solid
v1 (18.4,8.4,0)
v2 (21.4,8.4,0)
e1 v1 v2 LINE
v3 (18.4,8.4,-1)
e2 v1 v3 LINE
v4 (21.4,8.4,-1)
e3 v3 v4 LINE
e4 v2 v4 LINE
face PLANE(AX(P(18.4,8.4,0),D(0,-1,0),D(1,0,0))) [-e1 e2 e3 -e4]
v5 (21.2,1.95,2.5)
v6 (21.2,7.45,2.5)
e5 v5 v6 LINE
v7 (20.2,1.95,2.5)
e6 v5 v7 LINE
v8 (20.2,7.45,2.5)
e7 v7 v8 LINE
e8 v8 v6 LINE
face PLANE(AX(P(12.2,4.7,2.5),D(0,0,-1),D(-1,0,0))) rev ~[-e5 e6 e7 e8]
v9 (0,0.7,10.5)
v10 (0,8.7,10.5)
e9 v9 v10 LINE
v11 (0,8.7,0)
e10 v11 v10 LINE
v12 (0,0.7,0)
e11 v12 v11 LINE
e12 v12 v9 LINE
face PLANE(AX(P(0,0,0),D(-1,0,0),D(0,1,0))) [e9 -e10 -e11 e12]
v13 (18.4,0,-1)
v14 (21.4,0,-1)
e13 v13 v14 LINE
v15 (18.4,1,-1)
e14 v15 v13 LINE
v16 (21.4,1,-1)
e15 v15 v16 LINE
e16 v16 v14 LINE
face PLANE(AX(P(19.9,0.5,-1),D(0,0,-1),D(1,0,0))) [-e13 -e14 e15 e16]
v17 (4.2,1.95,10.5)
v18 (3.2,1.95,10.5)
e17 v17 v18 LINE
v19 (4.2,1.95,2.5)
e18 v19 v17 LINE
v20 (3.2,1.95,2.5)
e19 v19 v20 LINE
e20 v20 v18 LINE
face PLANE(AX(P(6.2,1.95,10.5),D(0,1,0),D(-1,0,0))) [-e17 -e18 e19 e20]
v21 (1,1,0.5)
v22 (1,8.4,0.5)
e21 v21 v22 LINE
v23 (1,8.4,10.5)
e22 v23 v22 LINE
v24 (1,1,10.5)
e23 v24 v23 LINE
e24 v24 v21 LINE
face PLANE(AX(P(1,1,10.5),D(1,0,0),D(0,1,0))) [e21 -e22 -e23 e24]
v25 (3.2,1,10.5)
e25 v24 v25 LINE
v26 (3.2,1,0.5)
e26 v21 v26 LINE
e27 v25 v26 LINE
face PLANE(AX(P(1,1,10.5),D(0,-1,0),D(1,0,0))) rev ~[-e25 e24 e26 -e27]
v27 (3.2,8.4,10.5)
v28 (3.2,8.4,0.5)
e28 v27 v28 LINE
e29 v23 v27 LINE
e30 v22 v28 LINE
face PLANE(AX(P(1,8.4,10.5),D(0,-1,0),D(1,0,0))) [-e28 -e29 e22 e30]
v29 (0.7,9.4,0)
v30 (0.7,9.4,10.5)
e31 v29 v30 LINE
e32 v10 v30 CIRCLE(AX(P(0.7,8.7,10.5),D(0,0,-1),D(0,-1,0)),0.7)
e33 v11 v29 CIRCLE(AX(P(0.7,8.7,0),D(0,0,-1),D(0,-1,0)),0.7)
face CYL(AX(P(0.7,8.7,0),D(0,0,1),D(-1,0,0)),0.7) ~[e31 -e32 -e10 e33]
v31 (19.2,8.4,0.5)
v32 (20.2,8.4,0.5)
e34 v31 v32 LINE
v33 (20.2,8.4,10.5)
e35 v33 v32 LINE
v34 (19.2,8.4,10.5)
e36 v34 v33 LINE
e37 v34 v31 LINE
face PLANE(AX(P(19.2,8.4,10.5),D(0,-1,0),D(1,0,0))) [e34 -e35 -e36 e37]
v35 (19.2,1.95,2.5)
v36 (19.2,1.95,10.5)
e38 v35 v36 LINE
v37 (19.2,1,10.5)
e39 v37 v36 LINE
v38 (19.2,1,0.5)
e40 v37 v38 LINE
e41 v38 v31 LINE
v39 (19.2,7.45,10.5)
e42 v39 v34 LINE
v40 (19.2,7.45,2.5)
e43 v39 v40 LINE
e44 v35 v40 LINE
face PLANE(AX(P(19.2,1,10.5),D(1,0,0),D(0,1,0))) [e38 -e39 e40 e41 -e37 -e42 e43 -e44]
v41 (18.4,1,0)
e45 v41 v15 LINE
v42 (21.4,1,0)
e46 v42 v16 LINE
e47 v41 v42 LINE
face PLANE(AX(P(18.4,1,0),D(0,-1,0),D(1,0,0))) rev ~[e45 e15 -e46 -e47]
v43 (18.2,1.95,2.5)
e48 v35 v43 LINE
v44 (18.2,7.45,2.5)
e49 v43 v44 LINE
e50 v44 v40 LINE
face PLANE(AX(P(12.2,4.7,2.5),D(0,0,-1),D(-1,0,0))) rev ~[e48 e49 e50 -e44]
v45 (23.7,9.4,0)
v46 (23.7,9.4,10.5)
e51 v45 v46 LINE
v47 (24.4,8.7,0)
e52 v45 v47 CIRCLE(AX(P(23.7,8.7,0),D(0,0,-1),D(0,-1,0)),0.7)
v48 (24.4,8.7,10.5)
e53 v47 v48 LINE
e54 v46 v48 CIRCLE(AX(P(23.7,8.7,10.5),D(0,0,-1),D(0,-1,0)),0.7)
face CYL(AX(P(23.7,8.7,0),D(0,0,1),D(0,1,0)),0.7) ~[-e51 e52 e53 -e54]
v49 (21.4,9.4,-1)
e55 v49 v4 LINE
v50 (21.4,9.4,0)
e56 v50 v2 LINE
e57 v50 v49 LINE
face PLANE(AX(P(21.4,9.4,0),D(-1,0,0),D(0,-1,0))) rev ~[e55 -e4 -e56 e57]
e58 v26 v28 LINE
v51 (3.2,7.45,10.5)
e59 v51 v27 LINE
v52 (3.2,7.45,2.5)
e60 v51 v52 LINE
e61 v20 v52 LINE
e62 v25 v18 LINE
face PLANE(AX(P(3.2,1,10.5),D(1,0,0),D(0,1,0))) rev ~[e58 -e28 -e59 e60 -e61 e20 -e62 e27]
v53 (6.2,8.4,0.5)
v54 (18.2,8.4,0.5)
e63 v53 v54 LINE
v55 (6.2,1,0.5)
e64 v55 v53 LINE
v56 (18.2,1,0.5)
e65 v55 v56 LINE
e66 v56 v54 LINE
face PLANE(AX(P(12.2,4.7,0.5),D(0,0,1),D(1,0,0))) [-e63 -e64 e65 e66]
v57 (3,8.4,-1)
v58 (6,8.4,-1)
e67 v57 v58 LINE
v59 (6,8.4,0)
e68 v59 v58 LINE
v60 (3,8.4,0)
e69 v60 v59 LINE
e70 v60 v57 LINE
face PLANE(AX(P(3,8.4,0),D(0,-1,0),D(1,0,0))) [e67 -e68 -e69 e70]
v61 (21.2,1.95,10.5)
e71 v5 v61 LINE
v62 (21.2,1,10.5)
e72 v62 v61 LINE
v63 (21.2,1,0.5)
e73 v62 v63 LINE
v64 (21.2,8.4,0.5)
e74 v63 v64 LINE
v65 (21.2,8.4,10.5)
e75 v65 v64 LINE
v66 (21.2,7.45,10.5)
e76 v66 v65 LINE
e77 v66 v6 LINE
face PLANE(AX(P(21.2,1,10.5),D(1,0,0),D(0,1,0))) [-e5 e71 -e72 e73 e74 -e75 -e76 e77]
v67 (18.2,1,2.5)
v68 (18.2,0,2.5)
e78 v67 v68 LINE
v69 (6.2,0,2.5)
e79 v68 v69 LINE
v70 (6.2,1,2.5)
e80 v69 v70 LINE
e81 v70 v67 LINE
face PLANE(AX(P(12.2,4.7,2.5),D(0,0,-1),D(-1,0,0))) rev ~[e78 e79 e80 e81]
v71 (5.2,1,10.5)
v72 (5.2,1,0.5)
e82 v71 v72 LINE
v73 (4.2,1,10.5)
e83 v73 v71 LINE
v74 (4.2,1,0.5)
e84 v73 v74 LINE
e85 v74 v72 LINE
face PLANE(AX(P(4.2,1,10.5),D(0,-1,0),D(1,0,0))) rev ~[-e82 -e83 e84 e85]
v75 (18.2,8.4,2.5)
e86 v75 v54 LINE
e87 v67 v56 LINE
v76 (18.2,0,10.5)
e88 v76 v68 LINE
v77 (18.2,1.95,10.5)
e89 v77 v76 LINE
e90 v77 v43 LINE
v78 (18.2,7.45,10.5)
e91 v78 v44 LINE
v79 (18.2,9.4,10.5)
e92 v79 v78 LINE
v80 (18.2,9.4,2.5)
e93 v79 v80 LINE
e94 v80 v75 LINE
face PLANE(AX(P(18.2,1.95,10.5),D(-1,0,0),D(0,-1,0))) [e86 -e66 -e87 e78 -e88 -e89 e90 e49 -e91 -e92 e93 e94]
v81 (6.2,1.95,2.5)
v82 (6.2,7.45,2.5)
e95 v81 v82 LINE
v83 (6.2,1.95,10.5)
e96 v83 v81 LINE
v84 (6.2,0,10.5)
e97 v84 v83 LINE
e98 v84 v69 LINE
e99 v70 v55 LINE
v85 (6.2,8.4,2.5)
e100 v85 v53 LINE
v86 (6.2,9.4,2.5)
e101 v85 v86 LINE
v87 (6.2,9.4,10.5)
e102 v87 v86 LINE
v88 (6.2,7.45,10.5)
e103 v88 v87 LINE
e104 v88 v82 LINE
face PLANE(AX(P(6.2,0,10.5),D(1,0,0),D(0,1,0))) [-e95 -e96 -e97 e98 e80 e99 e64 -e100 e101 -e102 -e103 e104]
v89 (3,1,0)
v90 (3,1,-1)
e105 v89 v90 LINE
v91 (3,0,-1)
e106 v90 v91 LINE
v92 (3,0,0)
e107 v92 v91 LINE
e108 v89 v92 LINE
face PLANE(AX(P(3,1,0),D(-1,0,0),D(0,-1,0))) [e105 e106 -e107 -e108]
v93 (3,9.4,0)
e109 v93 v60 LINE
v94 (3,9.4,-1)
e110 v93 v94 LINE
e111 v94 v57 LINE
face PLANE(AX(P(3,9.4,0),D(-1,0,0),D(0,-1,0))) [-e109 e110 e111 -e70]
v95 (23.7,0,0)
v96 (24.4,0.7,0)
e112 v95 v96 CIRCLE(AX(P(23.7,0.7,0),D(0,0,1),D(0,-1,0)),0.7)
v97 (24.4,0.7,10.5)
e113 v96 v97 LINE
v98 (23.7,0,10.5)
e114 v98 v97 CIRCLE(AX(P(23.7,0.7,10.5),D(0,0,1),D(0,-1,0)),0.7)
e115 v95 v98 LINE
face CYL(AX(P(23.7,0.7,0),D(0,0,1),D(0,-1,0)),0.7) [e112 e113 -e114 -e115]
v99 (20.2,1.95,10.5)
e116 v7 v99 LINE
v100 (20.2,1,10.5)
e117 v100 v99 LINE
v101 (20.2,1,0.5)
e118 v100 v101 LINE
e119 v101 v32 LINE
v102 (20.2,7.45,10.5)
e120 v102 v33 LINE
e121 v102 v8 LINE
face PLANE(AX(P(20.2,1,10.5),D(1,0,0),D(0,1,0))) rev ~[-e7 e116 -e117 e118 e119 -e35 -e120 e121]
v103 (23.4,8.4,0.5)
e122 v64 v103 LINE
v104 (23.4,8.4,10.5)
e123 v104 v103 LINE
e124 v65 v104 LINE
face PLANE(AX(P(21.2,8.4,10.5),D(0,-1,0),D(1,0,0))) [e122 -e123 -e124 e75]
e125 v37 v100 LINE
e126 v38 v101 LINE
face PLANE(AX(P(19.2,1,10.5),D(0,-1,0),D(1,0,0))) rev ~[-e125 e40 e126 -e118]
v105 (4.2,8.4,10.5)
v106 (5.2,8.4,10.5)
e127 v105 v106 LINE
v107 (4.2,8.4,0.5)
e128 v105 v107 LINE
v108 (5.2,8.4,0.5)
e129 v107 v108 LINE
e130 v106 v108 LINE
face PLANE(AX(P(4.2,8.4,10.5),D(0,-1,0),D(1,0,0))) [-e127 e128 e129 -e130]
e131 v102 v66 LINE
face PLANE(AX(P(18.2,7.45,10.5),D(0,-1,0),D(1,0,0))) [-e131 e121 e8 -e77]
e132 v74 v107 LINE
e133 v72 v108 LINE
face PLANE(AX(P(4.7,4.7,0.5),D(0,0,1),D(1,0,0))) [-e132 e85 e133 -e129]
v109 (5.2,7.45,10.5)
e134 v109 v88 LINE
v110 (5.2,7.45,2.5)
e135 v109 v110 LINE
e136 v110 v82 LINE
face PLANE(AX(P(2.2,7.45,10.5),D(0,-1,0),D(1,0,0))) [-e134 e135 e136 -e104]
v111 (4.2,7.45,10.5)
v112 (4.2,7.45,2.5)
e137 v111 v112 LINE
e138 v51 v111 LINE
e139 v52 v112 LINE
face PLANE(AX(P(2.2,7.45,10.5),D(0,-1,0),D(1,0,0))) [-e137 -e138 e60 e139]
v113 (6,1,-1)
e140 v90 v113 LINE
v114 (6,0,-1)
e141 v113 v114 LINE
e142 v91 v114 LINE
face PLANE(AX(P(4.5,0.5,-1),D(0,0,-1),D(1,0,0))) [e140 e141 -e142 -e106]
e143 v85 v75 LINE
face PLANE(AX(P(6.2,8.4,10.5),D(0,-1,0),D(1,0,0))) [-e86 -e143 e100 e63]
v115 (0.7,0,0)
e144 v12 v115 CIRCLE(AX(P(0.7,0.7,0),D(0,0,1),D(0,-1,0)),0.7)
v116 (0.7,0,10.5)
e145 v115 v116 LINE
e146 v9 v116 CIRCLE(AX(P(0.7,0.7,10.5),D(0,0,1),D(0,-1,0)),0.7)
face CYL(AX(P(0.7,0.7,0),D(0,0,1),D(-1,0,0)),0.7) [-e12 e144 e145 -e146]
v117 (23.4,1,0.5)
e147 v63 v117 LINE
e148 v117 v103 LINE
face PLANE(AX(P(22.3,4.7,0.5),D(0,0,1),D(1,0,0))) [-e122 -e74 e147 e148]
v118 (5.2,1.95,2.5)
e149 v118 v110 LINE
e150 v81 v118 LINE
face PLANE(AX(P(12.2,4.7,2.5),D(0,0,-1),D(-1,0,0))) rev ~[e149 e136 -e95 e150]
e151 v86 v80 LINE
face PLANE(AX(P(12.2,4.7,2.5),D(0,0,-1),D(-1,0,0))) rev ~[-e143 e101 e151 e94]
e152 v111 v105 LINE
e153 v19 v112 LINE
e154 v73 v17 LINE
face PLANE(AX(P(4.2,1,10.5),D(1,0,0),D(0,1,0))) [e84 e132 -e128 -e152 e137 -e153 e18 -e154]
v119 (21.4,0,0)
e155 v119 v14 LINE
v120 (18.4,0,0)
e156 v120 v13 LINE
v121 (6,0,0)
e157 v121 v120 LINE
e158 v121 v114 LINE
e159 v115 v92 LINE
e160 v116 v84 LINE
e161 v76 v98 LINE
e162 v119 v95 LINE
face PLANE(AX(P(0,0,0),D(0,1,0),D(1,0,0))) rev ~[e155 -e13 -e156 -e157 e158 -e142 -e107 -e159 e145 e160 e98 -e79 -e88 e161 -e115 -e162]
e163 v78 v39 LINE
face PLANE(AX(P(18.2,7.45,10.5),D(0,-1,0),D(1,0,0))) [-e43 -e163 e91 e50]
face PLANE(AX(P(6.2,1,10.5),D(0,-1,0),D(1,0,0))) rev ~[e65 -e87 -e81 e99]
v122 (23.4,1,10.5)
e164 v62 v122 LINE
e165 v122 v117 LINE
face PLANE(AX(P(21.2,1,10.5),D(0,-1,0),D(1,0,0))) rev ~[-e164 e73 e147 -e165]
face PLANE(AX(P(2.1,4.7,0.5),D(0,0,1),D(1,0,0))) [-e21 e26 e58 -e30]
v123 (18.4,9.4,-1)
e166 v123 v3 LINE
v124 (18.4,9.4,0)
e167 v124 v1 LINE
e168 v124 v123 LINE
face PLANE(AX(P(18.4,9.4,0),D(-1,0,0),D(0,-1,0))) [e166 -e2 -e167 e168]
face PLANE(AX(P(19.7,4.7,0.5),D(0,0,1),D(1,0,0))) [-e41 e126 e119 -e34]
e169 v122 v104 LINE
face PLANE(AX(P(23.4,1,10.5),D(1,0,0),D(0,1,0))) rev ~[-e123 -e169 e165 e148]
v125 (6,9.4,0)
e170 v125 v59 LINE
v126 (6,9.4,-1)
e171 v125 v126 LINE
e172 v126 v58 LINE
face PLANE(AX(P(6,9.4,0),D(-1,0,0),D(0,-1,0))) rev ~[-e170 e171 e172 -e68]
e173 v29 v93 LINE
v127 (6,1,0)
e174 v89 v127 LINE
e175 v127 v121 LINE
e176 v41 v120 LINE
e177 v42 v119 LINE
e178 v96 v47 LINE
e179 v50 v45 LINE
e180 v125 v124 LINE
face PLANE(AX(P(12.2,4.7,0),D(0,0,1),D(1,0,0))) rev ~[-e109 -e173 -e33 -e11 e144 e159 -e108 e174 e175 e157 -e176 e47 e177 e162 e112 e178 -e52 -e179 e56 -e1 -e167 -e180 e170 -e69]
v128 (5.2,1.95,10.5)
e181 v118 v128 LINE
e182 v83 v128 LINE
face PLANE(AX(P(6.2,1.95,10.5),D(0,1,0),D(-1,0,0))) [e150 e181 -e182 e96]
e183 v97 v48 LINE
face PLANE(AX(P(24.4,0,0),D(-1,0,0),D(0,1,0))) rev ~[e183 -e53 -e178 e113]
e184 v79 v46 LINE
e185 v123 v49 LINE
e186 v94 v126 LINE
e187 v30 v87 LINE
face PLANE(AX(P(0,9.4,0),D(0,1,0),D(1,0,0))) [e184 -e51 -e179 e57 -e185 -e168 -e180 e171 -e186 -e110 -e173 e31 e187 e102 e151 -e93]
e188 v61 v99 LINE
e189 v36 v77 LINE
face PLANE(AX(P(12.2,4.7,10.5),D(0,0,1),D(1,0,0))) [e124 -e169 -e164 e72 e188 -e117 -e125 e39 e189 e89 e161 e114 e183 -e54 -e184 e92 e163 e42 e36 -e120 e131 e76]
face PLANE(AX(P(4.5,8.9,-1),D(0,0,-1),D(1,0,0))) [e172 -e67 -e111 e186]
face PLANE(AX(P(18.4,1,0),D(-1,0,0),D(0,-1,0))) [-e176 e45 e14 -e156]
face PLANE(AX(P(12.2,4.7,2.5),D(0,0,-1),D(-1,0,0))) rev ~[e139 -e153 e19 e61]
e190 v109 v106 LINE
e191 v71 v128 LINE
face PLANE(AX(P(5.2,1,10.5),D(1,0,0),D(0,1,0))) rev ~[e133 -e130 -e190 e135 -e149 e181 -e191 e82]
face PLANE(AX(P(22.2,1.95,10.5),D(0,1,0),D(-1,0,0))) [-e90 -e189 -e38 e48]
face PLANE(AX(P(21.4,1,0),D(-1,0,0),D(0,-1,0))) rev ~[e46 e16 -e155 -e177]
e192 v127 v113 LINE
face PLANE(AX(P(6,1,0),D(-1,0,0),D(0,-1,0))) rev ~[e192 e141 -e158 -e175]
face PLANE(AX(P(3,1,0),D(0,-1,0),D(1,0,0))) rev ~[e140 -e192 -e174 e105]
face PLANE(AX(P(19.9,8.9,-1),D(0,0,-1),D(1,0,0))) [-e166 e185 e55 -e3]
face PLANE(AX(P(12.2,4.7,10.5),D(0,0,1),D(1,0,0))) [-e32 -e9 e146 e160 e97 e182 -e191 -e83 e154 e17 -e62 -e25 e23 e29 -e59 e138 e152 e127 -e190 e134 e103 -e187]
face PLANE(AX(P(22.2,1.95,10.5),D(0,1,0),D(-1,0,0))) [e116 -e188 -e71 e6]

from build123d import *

# Parameters (mm, degrees)
SKETCH_W        = 24.4
SKETCH_H        = 9.4
PAD_DEPTH       = 10.5
SKETCH001_W     = 2.2
SKETCH001_H     = 7.4
SKETCH001_W_2   = 12
SKETCH001_W_3   = 1
POCKET_DEPTH    = 10
POCKET001_DEPTH = 8
SKETCH003_W     = 3
SKETCH003_H     = 1
PAD001_DEPTH    = 1
FILLET_R        = 0.7


with BuildPart() as part:
    # Sketch → Pad (new body)
    with BuildSketch(Plane.XY):
        with Locations((12.2, 4.7)):
            Rectangle(SKETCH_W, SKETCH_H)
    extrude(amount=PAD_DEPTH)

    # Sketch001 (on Face6 of Pad) → Pocket (cut)
    with BuildSketch(Plane.XY.offset(10.5)):
        with Locations((22.3, 4.7)):
            Rectangle(SKETCH001_W, SKETCH001_H)
        with Locations((2.1, 4.7)):
            Rectangle(SKETCH001_W, SKETCH001_H)
        with Locations((12.2, 4.7)):
            Rectangle(SKETCH001_W_2, SKETCH001_H)
        with Locations((4.7, 4.7)):
            Rectangle(SKETCH001_W_3, SKETCH001_H)
        with Locations((19.7, 4.7)):
            Rectangle(SKETCH001_W_3, SKETCH001_H)
    extrude(amount=-POCKET_DEPTH, mode=Mode.SUBTRACT)

    # Sketch002 (on Face5 of Pocket) → Pocket001 (cut)
    with BuildSketch(Plane.XY.offset(10.5)):
        Polygon((6.2, 9.4), (18.2, 9.4), (18.2, 7.45), (22.2, 7.45), (22.2, 1.95), (18.2, 1.95), (18.2, 0), (6.2, 0), (6.2, 1.95), (2.2, 1.95), (2.2, 7.45), (6.2, 7.45), align=None)
    extrude(amount=-POCKET001_DEPTH, mode=Mode.SUBTRACT)

    # Sketch003 (on Face2 of Pocket001) → Pad001 (join)
    with BuildSketch(Plane(origin=(0, 0, 0), x_dir=(1, 0, 0), z_dir=(0, 0, -1))):
        with Locations((4.5, -0.5)):
            Rectangle(SKETCH003_W, SKETCH003_H)
        with Locations((19.9, -0.5)):
            Rectangle(SKETCH003_W, SKETCH003_H)
        with Locations((4.5, -8.9)):
            Rectangle(SKETCH003_W, SKETCH003_H)
        with Locations((19.9, -8.9)):
            Rectangle(SKETCH003_W, SKETCH003_H)
    extrude(amount=PAD001_DEPTH)

    # Fillet
    fillet_edges = [part.edges().sort_by_distance(p)[0] for p in [
        (24.4, 0, 5.25),
        (0, 0, 5.25),
        (24.4, 9.4, 5.25),
        (0, 9.4, 5.25),
    ]]
    fillet(fillet_edges, radius=FILLET_R)


solid = part.part
